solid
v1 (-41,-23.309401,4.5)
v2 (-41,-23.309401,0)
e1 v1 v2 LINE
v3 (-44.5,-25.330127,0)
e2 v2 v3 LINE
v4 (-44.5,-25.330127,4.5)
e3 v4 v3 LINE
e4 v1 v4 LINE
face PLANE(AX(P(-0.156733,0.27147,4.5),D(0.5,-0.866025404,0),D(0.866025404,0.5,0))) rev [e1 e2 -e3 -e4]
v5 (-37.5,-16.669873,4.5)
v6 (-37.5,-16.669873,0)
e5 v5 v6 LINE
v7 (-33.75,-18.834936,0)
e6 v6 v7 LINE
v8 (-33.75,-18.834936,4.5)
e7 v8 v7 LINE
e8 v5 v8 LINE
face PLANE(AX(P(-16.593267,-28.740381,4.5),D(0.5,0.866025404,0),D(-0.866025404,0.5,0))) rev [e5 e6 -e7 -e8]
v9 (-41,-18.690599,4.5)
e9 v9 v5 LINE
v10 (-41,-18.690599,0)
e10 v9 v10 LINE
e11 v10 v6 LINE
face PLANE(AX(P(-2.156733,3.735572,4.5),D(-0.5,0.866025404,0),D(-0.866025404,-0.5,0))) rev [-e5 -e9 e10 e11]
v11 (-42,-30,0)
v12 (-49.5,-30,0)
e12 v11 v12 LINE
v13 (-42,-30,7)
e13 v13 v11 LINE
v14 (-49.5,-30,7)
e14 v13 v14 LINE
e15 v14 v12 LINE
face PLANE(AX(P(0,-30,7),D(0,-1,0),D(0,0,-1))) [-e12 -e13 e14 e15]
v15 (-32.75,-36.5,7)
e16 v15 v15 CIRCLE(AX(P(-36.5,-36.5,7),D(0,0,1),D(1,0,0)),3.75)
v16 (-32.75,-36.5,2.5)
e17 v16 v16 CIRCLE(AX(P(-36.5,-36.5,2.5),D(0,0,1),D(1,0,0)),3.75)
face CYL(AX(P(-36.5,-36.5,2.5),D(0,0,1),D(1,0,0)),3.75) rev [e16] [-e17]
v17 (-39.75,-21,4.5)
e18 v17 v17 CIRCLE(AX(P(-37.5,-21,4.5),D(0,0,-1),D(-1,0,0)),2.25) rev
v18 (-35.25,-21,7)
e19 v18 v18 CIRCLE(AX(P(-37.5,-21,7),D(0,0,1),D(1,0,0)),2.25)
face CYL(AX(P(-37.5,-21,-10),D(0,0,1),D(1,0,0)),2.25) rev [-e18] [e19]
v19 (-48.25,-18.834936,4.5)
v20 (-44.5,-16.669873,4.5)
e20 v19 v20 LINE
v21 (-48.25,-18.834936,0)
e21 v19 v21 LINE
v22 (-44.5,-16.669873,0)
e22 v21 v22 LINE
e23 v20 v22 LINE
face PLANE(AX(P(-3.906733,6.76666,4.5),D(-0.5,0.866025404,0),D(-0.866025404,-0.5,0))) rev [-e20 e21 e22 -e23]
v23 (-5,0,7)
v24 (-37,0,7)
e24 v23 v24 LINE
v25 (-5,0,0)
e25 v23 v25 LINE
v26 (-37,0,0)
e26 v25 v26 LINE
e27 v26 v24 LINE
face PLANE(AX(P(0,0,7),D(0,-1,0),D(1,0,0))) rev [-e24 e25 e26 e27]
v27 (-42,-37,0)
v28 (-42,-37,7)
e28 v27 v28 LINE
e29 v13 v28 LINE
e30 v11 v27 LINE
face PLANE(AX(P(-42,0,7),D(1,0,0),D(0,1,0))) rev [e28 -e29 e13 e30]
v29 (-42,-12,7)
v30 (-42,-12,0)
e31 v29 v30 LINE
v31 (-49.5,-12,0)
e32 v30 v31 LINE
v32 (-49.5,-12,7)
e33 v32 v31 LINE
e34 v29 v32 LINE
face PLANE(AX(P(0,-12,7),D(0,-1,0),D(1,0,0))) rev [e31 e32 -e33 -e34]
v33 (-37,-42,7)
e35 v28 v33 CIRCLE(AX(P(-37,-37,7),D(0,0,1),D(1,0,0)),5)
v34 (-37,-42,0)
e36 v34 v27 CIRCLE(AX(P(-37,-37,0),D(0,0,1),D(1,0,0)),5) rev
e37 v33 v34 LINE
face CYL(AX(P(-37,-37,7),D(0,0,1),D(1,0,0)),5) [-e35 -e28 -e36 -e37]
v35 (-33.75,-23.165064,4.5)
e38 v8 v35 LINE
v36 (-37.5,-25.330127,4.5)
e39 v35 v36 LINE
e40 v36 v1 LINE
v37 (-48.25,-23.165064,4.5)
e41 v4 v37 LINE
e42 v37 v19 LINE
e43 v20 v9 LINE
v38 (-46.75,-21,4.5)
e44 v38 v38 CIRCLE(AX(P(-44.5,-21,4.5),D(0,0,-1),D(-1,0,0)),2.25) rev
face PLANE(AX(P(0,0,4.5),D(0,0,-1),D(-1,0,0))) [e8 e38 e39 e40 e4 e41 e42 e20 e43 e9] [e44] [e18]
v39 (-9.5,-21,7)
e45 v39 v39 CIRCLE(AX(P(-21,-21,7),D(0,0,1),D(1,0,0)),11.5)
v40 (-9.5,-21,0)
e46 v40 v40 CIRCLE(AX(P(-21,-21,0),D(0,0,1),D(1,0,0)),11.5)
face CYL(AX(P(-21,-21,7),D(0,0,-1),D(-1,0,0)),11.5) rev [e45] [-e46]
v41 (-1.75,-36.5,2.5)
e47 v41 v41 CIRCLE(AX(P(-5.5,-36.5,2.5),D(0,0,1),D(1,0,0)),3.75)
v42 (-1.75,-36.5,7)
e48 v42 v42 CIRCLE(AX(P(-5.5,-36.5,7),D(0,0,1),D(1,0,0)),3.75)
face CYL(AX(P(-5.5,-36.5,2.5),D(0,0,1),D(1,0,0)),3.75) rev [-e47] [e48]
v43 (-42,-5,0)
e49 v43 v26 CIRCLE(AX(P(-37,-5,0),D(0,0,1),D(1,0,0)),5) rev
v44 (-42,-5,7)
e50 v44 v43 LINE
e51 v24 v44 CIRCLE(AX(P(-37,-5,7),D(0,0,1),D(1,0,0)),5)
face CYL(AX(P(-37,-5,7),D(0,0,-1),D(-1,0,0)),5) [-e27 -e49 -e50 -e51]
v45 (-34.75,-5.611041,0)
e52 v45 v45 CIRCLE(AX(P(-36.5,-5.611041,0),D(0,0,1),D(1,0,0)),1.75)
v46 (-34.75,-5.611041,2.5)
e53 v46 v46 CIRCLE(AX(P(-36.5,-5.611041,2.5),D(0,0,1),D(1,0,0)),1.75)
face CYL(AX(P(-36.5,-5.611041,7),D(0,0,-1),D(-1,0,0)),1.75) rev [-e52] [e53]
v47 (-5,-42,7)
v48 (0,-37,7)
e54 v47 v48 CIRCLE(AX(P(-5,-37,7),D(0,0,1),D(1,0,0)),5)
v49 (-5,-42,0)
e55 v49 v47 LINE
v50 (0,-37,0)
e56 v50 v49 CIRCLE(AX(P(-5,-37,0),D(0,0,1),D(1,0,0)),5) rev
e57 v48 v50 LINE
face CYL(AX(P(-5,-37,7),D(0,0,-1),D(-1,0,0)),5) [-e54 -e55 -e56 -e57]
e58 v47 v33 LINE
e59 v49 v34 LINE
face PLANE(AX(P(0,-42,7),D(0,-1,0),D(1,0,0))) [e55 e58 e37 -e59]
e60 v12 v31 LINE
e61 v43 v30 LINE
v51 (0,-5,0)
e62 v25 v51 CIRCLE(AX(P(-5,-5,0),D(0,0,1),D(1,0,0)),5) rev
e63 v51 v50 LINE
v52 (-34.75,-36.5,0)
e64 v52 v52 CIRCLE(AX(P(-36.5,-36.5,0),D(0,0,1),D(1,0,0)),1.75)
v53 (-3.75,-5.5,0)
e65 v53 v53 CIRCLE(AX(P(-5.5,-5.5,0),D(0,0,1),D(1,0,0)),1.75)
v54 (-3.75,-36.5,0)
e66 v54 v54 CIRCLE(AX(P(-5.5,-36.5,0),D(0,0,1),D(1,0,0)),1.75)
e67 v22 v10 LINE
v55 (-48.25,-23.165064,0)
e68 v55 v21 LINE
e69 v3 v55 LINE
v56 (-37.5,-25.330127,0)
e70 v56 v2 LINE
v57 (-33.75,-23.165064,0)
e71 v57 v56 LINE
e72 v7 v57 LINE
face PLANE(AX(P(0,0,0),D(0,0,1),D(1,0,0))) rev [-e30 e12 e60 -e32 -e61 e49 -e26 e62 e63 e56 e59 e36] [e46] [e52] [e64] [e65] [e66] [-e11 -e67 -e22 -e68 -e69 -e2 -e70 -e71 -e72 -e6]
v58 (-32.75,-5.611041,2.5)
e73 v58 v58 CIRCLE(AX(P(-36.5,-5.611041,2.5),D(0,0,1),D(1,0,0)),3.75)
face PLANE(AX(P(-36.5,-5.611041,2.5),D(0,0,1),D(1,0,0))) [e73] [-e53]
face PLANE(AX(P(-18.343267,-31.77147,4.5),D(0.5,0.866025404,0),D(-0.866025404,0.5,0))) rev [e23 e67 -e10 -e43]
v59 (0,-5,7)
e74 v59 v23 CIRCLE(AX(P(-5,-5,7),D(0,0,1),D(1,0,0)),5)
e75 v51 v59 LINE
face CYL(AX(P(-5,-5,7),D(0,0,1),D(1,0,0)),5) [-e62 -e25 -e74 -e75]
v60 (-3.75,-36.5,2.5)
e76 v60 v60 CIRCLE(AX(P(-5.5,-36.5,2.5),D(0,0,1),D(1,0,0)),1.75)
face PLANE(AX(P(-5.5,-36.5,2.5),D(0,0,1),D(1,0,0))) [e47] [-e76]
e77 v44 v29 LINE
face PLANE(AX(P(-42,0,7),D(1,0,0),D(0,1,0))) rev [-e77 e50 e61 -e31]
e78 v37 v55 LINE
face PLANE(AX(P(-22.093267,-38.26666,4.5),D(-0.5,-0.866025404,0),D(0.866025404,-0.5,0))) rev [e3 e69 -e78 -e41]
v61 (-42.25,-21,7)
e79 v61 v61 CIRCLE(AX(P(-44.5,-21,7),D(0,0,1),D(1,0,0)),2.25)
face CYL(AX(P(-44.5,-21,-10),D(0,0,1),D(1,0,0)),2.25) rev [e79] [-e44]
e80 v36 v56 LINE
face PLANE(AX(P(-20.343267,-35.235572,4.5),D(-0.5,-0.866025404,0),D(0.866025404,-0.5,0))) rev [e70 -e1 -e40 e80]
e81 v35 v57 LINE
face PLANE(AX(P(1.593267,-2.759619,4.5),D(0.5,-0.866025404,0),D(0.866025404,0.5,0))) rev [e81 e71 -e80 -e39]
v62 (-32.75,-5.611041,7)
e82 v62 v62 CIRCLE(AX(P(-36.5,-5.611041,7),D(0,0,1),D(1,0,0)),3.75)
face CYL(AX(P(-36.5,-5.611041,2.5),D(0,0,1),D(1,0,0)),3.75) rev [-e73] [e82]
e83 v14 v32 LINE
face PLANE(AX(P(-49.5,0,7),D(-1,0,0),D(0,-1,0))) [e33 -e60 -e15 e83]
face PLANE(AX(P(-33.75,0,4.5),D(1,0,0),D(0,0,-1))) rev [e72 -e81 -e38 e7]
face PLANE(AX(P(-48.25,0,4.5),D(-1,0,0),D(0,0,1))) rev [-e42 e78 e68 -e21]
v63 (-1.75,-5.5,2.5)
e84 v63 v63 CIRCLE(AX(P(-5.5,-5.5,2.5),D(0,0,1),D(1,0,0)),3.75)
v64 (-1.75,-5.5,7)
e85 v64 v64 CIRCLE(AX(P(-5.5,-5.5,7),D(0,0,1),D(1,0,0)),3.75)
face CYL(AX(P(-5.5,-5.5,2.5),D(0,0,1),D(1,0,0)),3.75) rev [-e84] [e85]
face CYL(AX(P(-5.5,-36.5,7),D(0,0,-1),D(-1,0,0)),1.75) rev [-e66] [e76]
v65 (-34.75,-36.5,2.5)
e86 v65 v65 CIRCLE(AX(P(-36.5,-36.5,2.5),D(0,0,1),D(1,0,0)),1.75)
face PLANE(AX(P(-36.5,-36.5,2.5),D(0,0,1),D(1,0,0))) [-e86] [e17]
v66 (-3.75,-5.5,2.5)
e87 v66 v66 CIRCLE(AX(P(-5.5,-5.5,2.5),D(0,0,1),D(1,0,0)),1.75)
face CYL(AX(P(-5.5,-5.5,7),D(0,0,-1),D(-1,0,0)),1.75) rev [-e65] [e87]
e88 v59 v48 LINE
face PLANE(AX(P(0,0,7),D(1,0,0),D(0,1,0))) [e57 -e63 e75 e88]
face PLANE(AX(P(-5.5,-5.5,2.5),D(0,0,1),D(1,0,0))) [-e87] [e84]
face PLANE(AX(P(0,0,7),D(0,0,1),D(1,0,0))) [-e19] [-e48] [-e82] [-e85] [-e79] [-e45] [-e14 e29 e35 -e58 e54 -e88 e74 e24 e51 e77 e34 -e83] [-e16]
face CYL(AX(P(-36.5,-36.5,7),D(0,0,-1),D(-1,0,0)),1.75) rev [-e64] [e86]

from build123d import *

# Parameters (mm, degrees)
ESQUISSE1_W             = 42
ESQUISSE1_H             = 42
ESQUISSE1_R             = 11.5
ESQUISSE1_R_2           = 1.75
ESQUISSE1_W_2           = 7.5
ESQUISSE1_H_2           = 18
BOSS_EXTRU_1_DEPTH      = 7
ESQUISSE9_R             = 2.25
ENL_V_MAT_EXTRU_2_DEPTH = 17
ENL_V_MAT_EXTRU_3_DEPTH = 4.5
ESQUISSE11_R            = 3.75
ENL_V_MAT_EXTRU_4_DEPTH = 4.5
CONG_1_R                = 5


with BuildPart() as part:
    # Esquisse1 → Boss.-Extru.1 (new body)
    # profile 1 of 2: a face of its own
    with BuildSketch(Plane.XY):
        with Locations((-21, -21)):
            Rectangle(ESQUISSE1_W, ESQUISSE1_H)
        with Locations((-21, -21)):
            Circle(ESQUISSE1_R, mode=Mode.SUBTRACT)
        with Locations((-36.5, -36.5)):
            Circle(ESQUISSE1_R_2, mode=Mode.SUBTRACT)
        with Locations((-5.5, -36.5)):
            Circle(ESQUISSE1_R_2, mode=Mode.SUBTRACT)
        with Locations((-5.5, -5.5)):
            Circle(ESQUISSE1_R_2, mode=Mode.SUBTRACT)
        with Locations((-36.5, -5.611040912)):
            Circle(ESQUISSE1_R_2, mode=Mode.SUBTRACT)
    # profile 2 of 2: a face of its own
    with BuildSketch(Plane.XY):
        with Locations((-45.75, -21)):
            Rectangle(ESQUISSE1_W_2, ESQUISSE1_H_2)
    extrude(amount=BOSS_EXTRU_1_DEPTH)

    # Esquisse9 → Enlèv. mat.-Extru.2 (cut)
    with BuildSketch(Plane.XY.offset(7)):
        with Locations((-44.5, -21)):
            Circle(ESQUISSE9_R)
        with Locations((-37.5, -21)):
            Circle(ESQUISSE9_R)
    extrude(amount=-ENL_V_MAT_EXTRU_2_DEPTH, mode=Mode.SUBTRACT)

    # Esquisse10 → Enlèv. mat.-Extru.3 (cut)
    with BuildSketch(Plane(origin=(0, 0, 0), x_dir=(-1, 0, 0), z_dir=(0, 0, -1))):
        Polygon((44.5, -25.330127019), (48.25, -23.165063509), (48.25, -18.834936491), (44.5, -16.669872981), (40.75, -18.834936491), (40.75, -23.165063509), align=None)
        Polygon((37.5, -25.330127019), (41.25, -23.165063509), (41.25, -18.834936491), (37.5, -16.669872981), (33.75, -18.834936491), (33.75, -23.165063509), align=None)
    extrude(amount=-ENL_V_MAT_EXTRU_3_DEPTH, mode=Mode.SUBTRACT)

    # Esquisse11 → Enlèv. mat.-Extru.4 (cut)
    with BuildSketch(Plane.XY.offset(7)):
        with Locations((-36.5, -5.611040912)):
            Circle(ESQUISSE11_R)
        with Locations((-5.5, -5.5)):
            Circle(ESQUISSE11_R)
        with Locations((-5.5, -36.5)):
            Circle(ESQUISSE11_R)
        with Locations((-36.5, -36.5)):
            Circle(ESQUISSE11_R)
    extrude(amount=-ENL_V_MAT_EXTRU_4_DEPTH, mode=Mode.SUBTRACT)

    # Congé1
    cong_1_edges = [part.edges().sort_by_distance(p)[0] for p in [
        (0, 0, 3.5),
        (0, -42, 3.5),
        (-42, -42, 3.5),
        (-42, 0, 3.5),
    ]]
    fillet(cong_1_edges, radius=CONG_1_R)


solid = part.part
